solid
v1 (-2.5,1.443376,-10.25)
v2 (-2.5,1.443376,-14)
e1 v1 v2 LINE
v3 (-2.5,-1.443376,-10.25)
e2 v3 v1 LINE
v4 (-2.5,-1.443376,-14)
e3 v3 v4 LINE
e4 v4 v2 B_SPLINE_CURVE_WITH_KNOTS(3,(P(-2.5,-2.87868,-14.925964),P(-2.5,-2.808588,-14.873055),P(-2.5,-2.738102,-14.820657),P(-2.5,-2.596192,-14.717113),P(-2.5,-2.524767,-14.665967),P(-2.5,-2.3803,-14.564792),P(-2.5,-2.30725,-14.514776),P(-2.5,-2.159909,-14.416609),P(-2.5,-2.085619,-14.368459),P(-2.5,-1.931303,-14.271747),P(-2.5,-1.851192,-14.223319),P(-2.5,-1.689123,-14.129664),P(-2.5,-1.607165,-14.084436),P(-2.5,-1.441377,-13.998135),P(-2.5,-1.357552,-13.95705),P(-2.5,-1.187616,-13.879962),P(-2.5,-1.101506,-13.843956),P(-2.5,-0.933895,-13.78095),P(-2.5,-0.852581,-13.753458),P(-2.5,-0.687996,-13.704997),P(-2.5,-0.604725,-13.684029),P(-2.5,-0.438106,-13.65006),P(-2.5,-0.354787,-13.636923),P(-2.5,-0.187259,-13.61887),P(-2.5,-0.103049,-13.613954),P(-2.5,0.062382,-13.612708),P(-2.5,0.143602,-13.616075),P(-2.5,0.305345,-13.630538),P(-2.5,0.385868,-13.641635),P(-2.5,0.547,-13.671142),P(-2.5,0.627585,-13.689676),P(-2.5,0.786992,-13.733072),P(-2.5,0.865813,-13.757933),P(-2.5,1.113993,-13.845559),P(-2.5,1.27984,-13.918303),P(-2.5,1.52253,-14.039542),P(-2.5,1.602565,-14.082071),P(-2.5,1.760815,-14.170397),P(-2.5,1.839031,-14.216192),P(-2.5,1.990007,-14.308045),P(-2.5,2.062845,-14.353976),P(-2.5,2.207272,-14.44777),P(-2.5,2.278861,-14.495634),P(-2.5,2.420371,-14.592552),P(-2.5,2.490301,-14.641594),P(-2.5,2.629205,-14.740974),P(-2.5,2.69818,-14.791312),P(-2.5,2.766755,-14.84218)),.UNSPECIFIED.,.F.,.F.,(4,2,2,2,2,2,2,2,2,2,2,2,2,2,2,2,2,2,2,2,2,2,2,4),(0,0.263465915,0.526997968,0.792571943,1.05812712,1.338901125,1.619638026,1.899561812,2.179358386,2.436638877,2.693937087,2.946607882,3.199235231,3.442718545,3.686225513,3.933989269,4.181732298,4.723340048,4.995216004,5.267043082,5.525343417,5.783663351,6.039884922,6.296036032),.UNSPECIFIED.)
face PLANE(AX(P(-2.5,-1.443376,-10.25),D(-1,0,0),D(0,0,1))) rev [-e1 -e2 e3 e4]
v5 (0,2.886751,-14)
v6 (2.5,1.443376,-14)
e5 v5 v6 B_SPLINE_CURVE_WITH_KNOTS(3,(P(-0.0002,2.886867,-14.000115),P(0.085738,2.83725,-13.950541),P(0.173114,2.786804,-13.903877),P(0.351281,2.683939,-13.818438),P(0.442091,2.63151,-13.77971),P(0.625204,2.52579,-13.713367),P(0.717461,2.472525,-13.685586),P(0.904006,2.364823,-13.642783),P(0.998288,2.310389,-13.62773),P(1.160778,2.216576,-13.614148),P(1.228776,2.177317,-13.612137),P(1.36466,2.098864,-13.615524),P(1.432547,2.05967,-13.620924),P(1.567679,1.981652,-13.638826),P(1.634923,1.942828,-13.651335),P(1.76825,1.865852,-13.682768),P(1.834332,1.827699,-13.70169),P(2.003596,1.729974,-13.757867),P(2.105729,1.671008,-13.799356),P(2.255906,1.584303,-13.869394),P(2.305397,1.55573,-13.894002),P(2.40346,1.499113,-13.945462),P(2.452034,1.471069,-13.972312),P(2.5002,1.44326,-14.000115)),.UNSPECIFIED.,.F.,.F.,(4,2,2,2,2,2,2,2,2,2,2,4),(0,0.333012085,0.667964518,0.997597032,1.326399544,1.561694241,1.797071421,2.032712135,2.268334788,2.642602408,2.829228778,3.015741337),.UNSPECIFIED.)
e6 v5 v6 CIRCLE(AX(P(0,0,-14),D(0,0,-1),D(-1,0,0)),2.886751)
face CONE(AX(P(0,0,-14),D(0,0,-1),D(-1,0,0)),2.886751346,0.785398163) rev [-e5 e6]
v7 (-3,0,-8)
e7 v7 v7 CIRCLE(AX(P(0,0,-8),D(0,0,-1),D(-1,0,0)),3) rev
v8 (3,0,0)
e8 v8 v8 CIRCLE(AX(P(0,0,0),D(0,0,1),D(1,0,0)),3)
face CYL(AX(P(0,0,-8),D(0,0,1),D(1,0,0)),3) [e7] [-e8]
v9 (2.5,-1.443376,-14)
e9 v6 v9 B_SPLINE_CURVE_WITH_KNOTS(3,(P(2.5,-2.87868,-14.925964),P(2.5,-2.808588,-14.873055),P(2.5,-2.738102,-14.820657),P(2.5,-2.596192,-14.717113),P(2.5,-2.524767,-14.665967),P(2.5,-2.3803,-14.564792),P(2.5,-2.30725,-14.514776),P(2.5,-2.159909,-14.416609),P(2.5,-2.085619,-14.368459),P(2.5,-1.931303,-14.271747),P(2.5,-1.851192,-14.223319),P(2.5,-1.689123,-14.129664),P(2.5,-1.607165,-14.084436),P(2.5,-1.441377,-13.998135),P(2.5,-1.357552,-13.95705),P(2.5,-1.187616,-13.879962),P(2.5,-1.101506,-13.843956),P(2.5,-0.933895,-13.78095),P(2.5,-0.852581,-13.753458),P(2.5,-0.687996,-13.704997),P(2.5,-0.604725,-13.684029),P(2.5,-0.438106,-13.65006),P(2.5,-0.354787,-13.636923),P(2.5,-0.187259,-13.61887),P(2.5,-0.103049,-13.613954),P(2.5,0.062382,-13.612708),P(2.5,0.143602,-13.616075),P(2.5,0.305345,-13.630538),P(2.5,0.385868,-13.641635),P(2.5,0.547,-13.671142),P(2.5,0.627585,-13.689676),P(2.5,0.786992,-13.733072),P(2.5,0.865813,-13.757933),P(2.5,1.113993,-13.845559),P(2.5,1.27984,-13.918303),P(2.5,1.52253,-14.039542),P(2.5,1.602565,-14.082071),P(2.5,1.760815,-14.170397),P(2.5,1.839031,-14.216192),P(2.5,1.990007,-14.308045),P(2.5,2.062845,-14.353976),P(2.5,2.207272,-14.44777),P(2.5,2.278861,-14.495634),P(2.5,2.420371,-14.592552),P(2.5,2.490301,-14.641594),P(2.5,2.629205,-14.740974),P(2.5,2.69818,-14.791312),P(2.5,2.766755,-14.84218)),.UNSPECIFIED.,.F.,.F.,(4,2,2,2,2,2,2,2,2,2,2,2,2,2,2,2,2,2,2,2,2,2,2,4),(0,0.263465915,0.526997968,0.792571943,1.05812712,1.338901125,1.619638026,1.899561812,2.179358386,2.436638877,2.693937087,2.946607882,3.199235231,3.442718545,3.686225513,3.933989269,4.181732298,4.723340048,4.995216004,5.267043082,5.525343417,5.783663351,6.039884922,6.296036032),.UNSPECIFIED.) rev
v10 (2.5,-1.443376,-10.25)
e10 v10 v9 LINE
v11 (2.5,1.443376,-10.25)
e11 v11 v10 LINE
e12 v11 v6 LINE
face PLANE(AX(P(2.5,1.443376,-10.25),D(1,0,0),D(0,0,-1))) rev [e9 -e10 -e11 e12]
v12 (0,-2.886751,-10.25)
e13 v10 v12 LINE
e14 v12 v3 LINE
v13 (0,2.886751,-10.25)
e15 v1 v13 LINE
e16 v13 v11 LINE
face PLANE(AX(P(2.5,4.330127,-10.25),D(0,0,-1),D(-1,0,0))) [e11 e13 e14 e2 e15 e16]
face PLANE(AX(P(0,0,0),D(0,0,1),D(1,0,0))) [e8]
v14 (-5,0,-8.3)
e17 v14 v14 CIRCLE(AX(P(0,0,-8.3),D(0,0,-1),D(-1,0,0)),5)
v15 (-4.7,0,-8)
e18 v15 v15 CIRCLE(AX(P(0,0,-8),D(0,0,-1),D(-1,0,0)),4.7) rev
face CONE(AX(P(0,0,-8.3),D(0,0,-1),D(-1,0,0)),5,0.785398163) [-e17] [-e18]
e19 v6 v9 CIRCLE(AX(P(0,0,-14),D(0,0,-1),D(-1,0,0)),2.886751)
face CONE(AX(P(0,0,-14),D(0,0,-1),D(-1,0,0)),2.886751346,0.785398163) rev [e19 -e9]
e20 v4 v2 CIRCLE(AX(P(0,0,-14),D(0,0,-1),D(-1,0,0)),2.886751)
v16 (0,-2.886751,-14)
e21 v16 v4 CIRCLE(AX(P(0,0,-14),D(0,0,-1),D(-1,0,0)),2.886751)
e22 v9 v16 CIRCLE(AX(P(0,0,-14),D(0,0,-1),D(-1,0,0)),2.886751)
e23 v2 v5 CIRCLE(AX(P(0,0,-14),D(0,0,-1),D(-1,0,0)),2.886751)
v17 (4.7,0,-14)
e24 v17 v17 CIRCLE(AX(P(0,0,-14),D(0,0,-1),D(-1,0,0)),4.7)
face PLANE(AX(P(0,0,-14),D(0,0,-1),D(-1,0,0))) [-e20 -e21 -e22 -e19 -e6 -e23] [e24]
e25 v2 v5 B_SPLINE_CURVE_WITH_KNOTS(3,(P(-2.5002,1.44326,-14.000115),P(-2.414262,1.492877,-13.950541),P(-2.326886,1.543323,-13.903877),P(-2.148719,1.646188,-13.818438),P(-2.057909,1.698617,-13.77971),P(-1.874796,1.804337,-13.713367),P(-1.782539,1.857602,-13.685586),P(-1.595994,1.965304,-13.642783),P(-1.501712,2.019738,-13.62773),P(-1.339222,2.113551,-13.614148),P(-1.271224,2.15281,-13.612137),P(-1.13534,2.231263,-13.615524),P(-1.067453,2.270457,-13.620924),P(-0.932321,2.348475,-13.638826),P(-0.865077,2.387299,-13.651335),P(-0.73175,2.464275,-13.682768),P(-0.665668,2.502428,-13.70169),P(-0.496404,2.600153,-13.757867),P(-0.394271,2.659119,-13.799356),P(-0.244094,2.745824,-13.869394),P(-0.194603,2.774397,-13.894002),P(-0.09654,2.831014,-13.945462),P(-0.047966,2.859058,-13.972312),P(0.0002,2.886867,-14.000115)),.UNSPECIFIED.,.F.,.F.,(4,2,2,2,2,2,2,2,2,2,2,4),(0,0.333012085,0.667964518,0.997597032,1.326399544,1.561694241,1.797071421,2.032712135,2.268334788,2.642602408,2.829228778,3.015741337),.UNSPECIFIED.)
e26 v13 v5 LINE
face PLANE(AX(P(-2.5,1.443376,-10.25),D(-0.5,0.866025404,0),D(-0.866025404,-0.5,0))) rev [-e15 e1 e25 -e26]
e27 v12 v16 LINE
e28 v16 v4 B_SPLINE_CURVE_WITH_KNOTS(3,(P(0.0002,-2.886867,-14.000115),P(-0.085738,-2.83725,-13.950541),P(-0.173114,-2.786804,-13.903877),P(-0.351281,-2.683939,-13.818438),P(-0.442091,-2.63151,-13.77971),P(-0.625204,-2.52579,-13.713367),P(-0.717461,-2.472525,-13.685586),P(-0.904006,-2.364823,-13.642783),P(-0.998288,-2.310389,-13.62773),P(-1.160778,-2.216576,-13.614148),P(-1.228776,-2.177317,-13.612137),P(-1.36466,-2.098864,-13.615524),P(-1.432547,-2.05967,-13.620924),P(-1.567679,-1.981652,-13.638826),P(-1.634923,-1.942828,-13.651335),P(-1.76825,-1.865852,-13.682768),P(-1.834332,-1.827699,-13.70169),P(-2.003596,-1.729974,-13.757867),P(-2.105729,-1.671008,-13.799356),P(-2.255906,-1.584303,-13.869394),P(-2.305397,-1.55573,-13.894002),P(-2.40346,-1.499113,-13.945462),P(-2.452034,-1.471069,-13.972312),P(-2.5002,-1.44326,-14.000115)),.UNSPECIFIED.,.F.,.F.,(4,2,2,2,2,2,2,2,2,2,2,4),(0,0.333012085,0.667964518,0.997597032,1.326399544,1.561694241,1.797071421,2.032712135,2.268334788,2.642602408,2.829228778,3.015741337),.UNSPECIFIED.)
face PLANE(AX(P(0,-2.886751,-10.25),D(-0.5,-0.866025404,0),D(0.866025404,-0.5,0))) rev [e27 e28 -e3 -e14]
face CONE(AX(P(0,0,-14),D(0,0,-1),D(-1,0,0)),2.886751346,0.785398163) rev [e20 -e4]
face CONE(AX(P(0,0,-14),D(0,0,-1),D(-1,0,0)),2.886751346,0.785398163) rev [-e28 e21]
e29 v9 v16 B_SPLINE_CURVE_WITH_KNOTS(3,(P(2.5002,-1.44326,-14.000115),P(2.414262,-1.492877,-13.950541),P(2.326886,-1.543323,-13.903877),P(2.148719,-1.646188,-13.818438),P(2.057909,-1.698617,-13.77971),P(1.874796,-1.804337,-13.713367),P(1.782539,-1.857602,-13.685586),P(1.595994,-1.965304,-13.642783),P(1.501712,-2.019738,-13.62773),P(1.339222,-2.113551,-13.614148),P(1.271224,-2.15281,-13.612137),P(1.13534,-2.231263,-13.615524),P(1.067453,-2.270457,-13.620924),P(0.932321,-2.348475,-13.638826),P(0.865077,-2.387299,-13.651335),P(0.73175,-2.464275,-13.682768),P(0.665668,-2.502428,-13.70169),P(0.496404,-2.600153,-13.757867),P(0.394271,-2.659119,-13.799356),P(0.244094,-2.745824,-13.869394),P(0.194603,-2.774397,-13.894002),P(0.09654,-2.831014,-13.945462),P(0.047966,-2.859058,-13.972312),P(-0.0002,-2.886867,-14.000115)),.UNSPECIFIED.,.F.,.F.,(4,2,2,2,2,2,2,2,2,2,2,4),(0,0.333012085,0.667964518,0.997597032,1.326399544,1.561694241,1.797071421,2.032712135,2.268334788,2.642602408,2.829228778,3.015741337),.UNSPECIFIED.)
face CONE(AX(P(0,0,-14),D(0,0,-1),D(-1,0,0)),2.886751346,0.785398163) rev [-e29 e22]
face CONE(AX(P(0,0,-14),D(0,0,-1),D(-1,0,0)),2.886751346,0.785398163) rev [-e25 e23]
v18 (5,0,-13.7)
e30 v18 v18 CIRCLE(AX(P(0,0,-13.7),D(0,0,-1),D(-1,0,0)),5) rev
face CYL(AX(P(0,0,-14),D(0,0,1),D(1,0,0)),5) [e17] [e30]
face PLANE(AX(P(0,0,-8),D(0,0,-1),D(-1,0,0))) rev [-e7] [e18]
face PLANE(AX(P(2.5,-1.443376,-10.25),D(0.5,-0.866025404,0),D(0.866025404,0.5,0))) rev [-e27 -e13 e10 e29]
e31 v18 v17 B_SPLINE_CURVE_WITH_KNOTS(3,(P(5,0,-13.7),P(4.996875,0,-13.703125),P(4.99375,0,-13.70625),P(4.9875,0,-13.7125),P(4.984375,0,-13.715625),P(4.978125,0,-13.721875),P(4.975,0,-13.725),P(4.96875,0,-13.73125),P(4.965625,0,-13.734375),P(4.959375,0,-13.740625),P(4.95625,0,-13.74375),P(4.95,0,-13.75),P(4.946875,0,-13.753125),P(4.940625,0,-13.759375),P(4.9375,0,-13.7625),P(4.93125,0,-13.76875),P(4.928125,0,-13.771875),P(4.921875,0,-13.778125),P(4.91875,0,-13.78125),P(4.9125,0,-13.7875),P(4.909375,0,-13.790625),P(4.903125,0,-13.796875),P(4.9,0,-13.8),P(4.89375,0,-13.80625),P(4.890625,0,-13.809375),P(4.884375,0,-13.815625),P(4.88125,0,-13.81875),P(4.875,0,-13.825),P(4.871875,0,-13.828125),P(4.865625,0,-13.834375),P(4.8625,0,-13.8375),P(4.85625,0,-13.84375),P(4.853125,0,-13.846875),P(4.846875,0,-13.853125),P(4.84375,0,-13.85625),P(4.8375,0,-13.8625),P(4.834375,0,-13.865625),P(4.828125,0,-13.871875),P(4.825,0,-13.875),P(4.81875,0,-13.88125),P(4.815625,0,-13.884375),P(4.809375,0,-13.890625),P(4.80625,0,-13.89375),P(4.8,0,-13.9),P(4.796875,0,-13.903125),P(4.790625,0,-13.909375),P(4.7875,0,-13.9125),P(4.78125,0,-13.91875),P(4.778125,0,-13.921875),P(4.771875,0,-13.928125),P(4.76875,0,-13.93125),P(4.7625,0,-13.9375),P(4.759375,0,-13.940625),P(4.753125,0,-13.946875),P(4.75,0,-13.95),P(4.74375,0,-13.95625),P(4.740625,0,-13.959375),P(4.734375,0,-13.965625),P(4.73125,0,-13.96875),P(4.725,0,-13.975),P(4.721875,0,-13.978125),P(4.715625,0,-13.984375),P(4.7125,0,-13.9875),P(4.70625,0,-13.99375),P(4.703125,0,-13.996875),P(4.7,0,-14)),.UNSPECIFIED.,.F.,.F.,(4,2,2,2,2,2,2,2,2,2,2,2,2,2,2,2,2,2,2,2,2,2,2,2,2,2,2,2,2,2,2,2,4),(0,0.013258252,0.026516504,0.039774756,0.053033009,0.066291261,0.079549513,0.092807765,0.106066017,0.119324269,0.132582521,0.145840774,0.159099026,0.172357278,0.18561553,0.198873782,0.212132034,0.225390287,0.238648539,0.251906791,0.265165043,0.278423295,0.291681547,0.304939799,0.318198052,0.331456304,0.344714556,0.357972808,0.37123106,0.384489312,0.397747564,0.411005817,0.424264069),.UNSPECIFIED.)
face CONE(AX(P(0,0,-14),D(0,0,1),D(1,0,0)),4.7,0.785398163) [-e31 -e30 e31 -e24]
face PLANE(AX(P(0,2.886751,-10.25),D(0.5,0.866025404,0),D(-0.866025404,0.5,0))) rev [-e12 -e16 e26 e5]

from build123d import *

# Parameters (mm, degrees)
SKETCH1_R          = 3
EXTRUDE1_DEPTH     = 8
SKETCH6_R          = 5
EXTRUDE2_DEPTH     = 6
CUT_EXTRUDE1_DEPTH = 3.75
CHAMFER1_SIZE      = 0.3


with BuildPart() as part:
    # Sketch1 → Extrude1 (new body)
    with BuildSketch(Plane.XY):
        Circle(SKETCH1_R)
    extrude(amount=-EXTRUDE1_DEPTH)

    # Sketch6 → Extrude2 (add)
    with BuildSketch(Plane(origin=(0, 0, -8), x_dir=(-1, 0, 0), z_dir=(0, 0, -1))):
        Circle(SKETCH6_R)
    extrude(amount=EXTRUDE2_DEPTH)

    # Sketch7 → Cut-Extrude1 (cut)
    with BuildSketch(Plane(origin=(0, 0, -14), x_dir=(-1, 0, 0), z_dir=(0, 0, -1))):
        Polygon((0, 2.886751346), (-2.5, 1.443375673), (-2.5, -1.443375673), (0, -2.886751346), (2.5, -1.443375673), (2.5, 1.443375673), align=None)
    extrude(amount=-CUT_EXTRUDE1_DEPTH, mode=Mode.SUBTRACT)

    # Cut-Extrude2 cone 1 section (through the dimple's axis) → Cut-Extrude2 (revolve, cut)
    with BuildSketch(Plane(origin=(0, 0, -14), x_dir=(0, 1, 0), z_dir=(1, 0, 0))):
        Polygon((0, 0), (2.886751346, 0), (0, 2.886751346), align=None)
    revolve(axis=Axis((0, 0, -14), (0, 0, 1)), mode=Mode.SUBTRACT)

    # Chamfer1
    chamfer1_edges = [part.edges().sort_by_distance(p)[0] for p in [
        (5, 0, -8),
        (5, 0, -14),
    ]]
    chamfer(chamfer1_edges, length=CHAMFER1_SIZE)

    # Sketch10 → Revolve1 (revolve)
    with BuildSketch(Plane(origin=(0, 0, 0), x_dir=(0, 0, -1), z_dir=(1, 0, 0)), mode=Mode.PRIVATE) as revolve1_sk:
        Polygon((8, 3), (8, 0), (6.507359313, 0), (7.75, 3), align=None)
    revolve(revolve1_sk.sketch.rotate(Axis((0, 0, -8), (0, 0, 1)), 270), axis=Axis((0, 0, -8), (0, 0, 1)))


solid = part.part
